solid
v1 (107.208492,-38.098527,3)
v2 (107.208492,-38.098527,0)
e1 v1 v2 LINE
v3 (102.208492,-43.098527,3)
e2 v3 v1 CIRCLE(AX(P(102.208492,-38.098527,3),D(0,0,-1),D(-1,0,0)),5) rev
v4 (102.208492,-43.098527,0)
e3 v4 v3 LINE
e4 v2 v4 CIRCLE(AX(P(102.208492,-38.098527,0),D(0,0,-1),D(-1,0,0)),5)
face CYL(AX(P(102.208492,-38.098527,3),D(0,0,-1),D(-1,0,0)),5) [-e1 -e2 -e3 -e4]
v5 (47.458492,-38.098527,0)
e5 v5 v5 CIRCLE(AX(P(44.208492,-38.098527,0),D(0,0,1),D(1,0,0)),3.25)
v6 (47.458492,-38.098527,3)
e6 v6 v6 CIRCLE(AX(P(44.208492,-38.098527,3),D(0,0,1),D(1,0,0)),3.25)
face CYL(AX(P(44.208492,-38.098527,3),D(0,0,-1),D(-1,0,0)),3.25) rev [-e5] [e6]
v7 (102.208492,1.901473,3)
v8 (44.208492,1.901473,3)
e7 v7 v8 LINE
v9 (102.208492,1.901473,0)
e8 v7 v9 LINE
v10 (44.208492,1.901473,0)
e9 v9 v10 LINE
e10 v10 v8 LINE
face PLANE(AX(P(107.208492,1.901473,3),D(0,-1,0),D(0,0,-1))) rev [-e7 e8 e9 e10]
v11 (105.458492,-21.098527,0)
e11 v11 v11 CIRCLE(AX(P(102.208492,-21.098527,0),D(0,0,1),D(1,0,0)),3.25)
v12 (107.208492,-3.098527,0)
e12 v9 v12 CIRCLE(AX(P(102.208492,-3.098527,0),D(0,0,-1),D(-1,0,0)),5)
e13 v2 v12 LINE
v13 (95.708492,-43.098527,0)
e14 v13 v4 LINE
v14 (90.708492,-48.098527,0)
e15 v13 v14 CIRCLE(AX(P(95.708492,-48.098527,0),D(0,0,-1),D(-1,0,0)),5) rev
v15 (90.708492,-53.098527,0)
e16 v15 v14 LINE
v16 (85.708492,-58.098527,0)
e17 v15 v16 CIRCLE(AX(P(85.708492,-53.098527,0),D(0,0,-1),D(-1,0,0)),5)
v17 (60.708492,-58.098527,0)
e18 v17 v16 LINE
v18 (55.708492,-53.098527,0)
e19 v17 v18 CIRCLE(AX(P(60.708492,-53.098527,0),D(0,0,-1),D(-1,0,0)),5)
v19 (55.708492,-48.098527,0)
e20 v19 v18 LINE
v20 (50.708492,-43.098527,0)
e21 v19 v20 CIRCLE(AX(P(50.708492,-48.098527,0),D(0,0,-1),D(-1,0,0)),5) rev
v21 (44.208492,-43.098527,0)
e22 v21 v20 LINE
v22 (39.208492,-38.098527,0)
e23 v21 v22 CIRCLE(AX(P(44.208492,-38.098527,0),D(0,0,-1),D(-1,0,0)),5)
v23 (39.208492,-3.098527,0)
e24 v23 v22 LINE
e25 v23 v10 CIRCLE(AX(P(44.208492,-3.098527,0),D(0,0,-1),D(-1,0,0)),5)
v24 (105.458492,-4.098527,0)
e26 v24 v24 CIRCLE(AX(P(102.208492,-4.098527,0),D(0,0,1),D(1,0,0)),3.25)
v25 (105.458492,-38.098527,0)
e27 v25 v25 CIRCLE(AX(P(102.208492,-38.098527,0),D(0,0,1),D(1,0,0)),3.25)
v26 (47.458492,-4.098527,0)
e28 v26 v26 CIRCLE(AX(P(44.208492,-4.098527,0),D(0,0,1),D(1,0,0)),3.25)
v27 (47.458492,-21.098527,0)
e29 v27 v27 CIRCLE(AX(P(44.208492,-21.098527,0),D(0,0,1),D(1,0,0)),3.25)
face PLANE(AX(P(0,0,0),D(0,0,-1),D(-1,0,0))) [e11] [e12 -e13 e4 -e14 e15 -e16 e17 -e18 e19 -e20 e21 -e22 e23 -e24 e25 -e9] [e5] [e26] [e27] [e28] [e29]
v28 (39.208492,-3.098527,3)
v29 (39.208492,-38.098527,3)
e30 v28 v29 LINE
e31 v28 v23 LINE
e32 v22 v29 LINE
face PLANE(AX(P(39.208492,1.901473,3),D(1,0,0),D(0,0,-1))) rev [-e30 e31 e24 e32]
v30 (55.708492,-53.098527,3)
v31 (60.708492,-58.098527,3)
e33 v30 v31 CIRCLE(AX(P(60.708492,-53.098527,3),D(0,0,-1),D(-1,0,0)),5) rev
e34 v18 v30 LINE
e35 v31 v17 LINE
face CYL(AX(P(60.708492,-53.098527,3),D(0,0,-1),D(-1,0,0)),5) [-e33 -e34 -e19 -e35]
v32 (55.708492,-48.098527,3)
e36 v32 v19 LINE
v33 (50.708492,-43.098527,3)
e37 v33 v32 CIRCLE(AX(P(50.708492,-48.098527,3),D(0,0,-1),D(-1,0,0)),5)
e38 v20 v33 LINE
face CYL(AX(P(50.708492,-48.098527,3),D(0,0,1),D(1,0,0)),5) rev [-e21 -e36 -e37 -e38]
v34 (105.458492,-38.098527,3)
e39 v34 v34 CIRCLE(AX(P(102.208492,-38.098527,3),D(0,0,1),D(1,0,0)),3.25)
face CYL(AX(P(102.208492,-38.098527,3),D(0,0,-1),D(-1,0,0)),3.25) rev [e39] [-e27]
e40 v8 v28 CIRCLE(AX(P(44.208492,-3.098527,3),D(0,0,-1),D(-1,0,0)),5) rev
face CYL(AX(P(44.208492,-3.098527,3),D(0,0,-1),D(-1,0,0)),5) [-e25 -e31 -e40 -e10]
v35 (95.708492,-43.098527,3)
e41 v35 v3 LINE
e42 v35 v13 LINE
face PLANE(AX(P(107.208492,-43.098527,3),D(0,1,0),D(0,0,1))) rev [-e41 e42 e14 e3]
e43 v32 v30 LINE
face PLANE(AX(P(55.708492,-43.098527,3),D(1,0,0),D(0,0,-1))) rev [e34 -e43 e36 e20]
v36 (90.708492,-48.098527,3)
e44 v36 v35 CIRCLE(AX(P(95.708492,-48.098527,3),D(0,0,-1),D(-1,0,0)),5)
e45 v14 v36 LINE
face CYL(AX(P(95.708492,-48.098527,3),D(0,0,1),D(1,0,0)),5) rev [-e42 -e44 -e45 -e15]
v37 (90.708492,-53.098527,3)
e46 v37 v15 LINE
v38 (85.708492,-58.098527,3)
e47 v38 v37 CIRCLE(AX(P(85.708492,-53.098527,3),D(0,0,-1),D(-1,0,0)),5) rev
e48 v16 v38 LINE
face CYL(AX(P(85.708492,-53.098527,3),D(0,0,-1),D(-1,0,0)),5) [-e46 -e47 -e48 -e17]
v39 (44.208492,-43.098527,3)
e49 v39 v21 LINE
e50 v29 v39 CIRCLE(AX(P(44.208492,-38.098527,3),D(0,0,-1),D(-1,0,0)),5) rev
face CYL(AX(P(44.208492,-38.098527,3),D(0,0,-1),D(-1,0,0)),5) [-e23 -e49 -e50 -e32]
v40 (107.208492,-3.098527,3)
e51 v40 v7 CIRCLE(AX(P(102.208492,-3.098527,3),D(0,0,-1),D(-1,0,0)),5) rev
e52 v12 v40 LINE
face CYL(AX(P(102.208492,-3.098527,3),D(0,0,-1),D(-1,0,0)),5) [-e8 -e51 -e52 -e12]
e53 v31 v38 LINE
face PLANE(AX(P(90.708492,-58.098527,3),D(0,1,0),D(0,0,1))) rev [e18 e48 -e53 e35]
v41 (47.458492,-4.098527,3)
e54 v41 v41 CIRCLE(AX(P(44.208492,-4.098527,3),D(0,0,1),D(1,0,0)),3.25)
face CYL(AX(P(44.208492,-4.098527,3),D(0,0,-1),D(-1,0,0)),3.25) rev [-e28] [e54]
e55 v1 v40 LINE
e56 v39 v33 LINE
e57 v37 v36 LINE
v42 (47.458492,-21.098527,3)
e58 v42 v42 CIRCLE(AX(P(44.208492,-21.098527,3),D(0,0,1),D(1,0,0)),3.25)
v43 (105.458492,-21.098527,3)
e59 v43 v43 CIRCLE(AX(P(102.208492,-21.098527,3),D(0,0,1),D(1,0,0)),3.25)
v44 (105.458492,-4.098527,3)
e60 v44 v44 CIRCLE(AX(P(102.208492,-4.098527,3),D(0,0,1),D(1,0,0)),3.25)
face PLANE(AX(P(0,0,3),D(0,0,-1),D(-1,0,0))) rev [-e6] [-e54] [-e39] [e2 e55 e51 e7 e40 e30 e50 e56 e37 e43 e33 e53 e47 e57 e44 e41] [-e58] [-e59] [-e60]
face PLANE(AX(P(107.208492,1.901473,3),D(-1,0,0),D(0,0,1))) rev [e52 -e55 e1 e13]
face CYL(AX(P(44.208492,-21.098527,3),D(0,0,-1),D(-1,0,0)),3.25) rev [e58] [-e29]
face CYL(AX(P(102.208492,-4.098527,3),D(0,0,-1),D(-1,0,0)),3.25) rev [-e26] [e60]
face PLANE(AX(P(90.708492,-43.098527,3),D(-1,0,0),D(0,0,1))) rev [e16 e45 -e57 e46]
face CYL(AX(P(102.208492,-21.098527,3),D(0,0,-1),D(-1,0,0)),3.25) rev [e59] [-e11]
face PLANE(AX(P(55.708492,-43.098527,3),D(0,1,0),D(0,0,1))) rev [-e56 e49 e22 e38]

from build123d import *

# Parameters (mm, degrees)
ESQUISSE2_R        = 3.25
BOSS_EXTRU_1_DEPTH = 3
CONG_1_R           = 5


with BuildPart() as part:
    # Esquisse2 → Boss.-Extru.1 (new body)
    with BuildSketch(Plane.XY):
        Polygon((107.208492459, 1.901473412), (39.208492459, 1.901473412), (39.208492459, -43.098526588), (55.708492459, -43.098526588), (55.708492459, -58.098526588), (90.708492459, -58.098526588), (90.708492459, -43.098526588), (107.208492459, -43.098526588), align=None)
        with Locations((102.208492459, -4.098526588)):
            Circle(ESQUISSE2_R, mode=Mode.SUBTRACT)
        with Locations((102.208492459, -38.098526588)):
            Circle(ESQUISSE2_R, mode=Mode.SUBTRACT)
        with Locations((44.208492459, -38.098526588)):
            Circle(ESQUISSE2_R, mode=Mode.SUBTRACT)
        with Locations((44.208492459, -4.098526588)):
            Circle(ESQUISSE2_R, mode=Mode.SUBTRACT)
        with Locations((44.208492459, -21.098526588)):
            Circle(ESQUISSE2_R, mode=Mode.SUBTRACT)
        with Locations((102.208492459, -21.098526588)):
            Circle(ESQUISSE2_R, mode=Mode.SUBTRACT)
    extrude(amount=BOSS_EXTRU_1_DEPTH)

    # Congé1
    cong_1_edges = [part.edges().sort_by_distance(p)[0] for p in [
        (107.208492459, -43.098526588, 1.5),
        (90.708492459, -43.098526588, 1.5),
        (90.708492459, -58.098526588, 1.5),
        (55.708492459, -58.098526588, 1.5),
        (55.708492459, -43.098526588, 1.5),
        (39.208492459, -43.098526588, 1.5),
        (39.208492459, 1.901473412, 1.5),
        (107.208492459, 1.901473412, 1.5),
    ]]
    fillet(cong_1_edges, radius=CONG_1_R)


solid = part.part
